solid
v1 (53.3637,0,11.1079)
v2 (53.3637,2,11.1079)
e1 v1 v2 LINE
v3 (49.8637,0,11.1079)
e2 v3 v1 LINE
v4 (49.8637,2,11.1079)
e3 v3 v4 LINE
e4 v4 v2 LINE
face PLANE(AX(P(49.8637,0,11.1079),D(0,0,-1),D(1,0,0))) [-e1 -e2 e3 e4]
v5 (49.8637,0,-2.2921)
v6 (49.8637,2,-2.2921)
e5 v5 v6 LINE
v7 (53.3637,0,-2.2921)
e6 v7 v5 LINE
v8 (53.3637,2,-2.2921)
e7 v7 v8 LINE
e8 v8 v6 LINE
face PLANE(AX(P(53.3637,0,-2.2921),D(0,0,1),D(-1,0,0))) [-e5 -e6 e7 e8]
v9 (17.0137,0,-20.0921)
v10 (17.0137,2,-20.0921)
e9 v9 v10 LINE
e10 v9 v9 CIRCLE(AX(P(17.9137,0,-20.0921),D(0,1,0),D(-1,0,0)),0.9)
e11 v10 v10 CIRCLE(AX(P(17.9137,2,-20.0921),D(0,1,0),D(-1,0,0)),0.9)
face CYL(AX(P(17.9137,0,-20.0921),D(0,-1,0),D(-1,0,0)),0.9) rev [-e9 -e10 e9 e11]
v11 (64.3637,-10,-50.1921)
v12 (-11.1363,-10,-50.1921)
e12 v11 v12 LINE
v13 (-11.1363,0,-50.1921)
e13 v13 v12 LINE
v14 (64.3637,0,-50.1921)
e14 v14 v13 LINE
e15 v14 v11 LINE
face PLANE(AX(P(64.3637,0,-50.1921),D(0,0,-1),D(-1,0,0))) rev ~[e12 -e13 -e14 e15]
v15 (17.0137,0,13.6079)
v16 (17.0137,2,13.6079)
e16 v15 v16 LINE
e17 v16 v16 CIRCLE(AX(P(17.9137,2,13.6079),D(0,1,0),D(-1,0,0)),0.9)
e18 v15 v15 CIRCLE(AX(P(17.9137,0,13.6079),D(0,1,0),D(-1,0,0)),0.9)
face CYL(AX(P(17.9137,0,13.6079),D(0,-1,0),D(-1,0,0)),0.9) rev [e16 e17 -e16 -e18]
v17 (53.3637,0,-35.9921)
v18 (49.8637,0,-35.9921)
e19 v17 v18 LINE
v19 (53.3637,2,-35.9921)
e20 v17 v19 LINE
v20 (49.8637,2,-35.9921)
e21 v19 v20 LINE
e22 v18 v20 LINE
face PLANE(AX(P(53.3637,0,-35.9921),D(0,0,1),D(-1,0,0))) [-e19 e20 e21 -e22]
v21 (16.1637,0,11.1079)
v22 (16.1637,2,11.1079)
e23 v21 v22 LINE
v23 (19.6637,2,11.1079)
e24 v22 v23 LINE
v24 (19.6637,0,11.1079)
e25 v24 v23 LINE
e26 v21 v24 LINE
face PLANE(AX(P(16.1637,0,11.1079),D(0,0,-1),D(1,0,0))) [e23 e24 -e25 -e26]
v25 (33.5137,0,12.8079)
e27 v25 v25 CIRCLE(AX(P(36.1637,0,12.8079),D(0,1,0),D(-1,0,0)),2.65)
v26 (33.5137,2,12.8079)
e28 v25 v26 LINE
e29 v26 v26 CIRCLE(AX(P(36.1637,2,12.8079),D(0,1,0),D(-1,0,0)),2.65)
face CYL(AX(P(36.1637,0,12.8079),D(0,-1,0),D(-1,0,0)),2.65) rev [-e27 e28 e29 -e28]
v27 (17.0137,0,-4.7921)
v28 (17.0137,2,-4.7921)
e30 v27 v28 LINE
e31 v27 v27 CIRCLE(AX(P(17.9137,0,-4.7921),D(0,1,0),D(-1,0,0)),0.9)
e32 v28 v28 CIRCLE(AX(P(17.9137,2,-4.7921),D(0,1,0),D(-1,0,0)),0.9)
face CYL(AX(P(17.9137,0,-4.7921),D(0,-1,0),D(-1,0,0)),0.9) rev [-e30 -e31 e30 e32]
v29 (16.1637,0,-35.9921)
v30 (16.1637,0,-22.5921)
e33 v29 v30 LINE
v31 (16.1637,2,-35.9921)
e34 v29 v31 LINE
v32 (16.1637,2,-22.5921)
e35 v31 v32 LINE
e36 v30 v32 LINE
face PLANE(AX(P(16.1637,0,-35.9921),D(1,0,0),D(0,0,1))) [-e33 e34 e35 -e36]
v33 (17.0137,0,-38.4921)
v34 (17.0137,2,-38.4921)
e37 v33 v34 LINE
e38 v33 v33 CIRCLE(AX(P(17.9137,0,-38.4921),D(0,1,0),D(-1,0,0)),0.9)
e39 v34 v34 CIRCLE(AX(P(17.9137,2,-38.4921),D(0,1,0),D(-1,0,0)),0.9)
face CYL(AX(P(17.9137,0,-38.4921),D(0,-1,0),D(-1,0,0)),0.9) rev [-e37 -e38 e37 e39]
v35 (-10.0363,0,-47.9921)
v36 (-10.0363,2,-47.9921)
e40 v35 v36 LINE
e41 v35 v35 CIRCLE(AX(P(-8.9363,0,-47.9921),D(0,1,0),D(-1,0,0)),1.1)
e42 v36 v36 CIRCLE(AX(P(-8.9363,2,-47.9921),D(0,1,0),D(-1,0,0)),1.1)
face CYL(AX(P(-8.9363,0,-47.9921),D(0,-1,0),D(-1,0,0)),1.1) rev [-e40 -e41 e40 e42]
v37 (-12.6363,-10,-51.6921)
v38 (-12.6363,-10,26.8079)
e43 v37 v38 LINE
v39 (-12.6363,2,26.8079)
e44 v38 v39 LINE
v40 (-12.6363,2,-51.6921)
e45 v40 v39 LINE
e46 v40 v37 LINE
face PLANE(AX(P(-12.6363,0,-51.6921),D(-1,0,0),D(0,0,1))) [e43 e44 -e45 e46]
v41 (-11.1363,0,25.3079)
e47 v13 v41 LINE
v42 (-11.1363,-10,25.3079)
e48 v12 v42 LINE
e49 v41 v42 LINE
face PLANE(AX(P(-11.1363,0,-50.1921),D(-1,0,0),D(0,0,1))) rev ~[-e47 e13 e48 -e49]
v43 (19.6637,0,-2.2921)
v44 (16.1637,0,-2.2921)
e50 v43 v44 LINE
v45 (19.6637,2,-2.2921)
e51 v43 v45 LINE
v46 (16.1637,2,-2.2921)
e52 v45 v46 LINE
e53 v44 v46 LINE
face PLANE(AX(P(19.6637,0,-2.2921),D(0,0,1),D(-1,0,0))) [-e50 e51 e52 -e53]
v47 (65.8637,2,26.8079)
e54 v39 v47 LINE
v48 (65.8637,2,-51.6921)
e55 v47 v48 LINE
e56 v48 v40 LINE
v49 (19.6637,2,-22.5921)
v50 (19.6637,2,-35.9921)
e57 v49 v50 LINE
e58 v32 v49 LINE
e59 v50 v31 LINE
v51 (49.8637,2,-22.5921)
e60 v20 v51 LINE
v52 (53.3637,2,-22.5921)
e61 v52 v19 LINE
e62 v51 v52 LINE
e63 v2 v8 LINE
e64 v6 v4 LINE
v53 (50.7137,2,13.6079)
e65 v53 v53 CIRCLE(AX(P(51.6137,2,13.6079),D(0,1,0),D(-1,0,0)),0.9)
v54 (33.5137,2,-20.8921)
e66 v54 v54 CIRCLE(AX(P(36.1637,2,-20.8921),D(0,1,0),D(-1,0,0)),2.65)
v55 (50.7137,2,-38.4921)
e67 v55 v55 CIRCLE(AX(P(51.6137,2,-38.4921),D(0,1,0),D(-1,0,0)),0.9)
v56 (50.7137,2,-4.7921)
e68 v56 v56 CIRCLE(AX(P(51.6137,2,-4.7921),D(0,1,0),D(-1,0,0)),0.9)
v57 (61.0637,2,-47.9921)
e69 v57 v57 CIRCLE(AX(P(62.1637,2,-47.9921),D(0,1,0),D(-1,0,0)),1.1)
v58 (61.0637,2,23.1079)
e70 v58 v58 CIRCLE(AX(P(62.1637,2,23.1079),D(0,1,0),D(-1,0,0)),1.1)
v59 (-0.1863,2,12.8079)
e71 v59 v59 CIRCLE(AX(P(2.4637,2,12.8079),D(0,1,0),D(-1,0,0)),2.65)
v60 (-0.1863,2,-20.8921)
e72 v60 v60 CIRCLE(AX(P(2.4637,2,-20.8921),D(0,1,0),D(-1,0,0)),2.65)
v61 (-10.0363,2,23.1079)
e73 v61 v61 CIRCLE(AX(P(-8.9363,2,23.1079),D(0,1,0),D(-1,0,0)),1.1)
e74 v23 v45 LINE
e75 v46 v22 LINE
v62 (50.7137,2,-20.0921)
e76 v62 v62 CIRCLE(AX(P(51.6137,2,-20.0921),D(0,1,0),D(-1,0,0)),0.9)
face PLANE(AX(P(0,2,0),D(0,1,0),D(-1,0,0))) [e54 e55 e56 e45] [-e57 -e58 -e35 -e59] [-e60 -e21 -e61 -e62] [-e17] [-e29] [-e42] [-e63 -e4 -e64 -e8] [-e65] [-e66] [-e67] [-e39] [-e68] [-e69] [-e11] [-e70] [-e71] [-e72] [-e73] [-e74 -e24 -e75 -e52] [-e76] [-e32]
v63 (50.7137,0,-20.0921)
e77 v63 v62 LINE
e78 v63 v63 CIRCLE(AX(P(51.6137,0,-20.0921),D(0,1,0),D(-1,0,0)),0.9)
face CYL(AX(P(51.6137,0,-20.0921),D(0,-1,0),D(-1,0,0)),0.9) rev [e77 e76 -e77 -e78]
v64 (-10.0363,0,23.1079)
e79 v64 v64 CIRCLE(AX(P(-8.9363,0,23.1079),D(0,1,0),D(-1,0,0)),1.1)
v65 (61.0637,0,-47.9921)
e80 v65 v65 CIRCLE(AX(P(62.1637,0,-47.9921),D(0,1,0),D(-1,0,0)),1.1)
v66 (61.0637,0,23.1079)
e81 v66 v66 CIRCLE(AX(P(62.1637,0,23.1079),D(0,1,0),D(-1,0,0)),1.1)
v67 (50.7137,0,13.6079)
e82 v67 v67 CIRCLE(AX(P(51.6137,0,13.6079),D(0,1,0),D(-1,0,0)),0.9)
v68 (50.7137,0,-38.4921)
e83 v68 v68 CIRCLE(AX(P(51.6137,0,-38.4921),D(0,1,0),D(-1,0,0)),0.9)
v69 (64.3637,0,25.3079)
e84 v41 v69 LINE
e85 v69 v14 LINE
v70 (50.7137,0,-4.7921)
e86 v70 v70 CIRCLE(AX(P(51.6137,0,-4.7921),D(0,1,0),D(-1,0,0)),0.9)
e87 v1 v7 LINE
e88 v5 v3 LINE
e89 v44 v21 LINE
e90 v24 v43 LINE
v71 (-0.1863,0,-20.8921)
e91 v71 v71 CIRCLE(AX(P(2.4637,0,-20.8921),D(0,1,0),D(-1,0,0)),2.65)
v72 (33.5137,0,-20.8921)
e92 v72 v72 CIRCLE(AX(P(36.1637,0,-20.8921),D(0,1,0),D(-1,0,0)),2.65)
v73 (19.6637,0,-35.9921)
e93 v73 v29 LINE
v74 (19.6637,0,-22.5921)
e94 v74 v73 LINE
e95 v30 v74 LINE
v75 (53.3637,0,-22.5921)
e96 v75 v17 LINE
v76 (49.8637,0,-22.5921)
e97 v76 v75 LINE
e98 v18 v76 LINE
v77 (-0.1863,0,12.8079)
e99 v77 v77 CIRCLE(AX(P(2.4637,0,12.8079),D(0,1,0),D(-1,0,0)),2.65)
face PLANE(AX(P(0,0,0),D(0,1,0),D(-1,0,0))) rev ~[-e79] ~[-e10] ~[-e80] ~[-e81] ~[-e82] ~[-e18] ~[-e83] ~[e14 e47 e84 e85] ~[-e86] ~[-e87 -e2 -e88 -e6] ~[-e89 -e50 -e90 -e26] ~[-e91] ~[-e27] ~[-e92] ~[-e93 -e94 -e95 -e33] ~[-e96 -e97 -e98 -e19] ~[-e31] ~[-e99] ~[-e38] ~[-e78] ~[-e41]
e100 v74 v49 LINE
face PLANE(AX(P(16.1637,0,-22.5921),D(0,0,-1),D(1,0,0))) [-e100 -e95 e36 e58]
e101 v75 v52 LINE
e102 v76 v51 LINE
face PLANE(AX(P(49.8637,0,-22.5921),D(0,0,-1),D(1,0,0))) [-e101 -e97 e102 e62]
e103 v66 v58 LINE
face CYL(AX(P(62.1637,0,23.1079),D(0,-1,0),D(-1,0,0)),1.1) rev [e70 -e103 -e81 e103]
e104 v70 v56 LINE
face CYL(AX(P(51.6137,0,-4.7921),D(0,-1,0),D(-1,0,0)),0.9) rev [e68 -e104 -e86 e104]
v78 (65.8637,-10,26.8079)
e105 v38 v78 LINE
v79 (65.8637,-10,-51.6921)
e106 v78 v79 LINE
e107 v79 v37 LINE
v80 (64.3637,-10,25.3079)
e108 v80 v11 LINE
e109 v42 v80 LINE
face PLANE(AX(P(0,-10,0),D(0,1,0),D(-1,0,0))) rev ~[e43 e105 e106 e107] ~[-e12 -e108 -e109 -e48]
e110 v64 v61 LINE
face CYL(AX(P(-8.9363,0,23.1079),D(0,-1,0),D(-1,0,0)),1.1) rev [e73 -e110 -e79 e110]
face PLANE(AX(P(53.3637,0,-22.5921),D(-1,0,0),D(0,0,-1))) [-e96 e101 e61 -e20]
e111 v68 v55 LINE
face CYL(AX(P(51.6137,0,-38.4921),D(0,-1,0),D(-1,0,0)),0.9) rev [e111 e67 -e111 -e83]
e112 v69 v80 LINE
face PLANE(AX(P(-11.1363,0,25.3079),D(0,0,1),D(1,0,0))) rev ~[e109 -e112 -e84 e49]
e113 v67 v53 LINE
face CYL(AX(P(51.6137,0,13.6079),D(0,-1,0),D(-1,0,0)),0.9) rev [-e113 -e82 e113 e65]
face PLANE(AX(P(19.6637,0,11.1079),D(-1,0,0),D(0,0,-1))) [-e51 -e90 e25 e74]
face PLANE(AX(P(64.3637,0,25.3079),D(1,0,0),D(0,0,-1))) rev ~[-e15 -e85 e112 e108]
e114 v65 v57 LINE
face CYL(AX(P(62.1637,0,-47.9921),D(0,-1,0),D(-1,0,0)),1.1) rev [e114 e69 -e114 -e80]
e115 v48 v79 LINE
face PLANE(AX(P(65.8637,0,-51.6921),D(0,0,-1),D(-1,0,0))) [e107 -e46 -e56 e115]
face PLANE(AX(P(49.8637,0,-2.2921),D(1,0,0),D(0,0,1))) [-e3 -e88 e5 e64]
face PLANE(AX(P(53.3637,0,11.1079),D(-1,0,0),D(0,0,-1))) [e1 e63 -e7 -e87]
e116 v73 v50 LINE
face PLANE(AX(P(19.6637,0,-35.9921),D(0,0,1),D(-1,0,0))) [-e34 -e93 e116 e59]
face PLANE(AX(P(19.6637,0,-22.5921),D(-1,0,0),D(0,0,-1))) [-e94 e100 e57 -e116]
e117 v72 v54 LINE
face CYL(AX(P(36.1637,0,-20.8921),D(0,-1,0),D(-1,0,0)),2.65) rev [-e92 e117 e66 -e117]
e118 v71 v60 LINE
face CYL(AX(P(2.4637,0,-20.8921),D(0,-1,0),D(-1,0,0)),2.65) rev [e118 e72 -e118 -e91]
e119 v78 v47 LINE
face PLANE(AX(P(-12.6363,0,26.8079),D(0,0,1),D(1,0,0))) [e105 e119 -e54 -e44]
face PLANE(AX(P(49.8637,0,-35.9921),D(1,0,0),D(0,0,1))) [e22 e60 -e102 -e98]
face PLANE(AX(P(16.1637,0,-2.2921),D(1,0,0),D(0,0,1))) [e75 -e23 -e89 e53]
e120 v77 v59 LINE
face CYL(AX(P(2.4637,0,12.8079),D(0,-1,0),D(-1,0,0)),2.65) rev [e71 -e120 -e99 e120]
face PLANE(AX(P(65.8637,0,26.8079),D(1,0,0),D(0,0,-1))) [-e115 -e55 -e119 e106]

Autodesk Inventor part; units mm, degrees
ref_plane "YZ Plane" through (0, 0, 0) normal (1, 0, 0) x (0, 1, 0)
ref_plane "XZ Plane" through (0, 0, 0) normal (0, 1, 0) x (-1, 0, 0)
ref_plane "XY Plane" through (0, 0, 0) normal (0, 0, 1) x (1, 0, 0)
sketch "Sketch1" plane through (0, 0, 0) normal (0, 1, 0) x (-1, 0, 0)
  line L0 (11.1363, 25.3079) -> (-64.3637, 25.3079)
  line L1 (-64.3637, 25.3079) -> (-64.3637, -50.1921)
  line L2 (-64.3637, -50.1921) -> (11.1363, -50.1921)
  line L3 (11.1363, -50.1921) -> (11.1363, 25.3079)
  circle A0 centre (8.9363, 23.1079) radius 1.1
  circle A1 centre (-62.1637, 23.1079) radius 1.1
  circle A2 centre (-62.1637, -47.9921) radius 1.1
  circle A3 centre (8.9363, -47.9921) radius 1.1
  line L4 (8.9363, 23.1079) -> (11.1363, 23.1079) construction
  line L5 (8.9363, 23.1079) -> (8.9363, 25.3079) construction
  line L6 (-62.1637, 25.3079) -> (-62.1637, 23.1079) construction
  line L7 (-62.1637, 23.1079) -> (-64.3637, 23.1079) construction
  line L8 (8.9363, -47.9921) -> (11.1363, -47.9921) construction
  line L9 (8.9363, -47.9921) -> (8.9363, -50.1921) construction
  line L10 (-62.1637, -47.9921) -> (-64.3637, -47.9921) construction
  line L11 (-62.1637, -47.9921) -> (-62.1637, -50.1921) construction
  line L12 (3.0363, 17.2079) -> (-22.5637, 17.2079) construction
  line L13 (-22.5637, 17.2079) -> (-22.5637, -8.3921) construction
  line L14 (-22.5637, -8.3921) -> (3.0363, -8.3921) construction
  line L15 (3.0363, -8.3921) -> (3.0363, 17.2079) construction
  circle A4 centre (-2.4637, 12.8079) radius 2.65
  line L16 (12.6363, 26.8079) -> (-65.8637, 26.8079)
  line L17 (-65.8637, 26.8079) -> (-65.8637, -51.6921)
  line L18 (-65.8637, -51.6921) -> (12.6363, -51.6921)
  line L19 (12.6363, -51.6921) -> (12.6363, 26.8079)
  line L20 (-26.6137, 25.3079) -> (-26.6137, 26.8079) construction
  line L21 (12.6363, -12.4421) -> (11.1363, -12.4421) construction
  line L22 (-16.1637, 11.1079) -> (-19.6637, 11.1079)
  line L23 (-19.6637, 11.1079) -> (-19.6637, -2.2921)
  line L24 (-19.6637, -2.2921) -> (-16.1637, -2.2921)
  line L25 (-16.1637, -2.2921) -> (-16.1637, 11.1079)
  circle A5 centre (-17.9137, -4.7921) radius 0.9
  circle A6 centre (-17.9137, 13.6079) radius 0.9
  line L26 (-17.9137, -4.7921) -> (-17.9137, -2.2921) construction
  line L27 (-17.9137, 13.6079) -> (-17.9137, 11.1079) construction
  line L28 (-17.9137, 13.6079) -> (-17.9137, 17.2079) construction
  line L29 (-17.9137, -4.7921) -> (-17.9137, -8.3921) construction
  line L30 (6.9363, 25.3079) -> (6.9363, 21.1079) construction
  line L31 (6.9363, 21.1079) -> (11.1363, 21.1079) construction
  line L32 (3.0363, -16.4921) -> (-22.5637, -16.4921) construction
  line L33 (-22.5637, -16.4921) -> (-22.5637, -42.0921) construction
  line L34 (-22.5637, -42.0921) -> (3.0363, -42.0921) construction
  line L35 (3.0363, -42.0921) -> (3.0363, -16.4921) construction
  circle A7 centre (-2.4637, -20.8921) radius 2.65
  line L36 (-16.1637, -22.5921) -> (-19.6637, -22.5921)
  line L37 (-19.6637, -22.5921) -> (-19.6637, -35.9921)
  line L38 (-19.6637, -35.9921) -> (-16.1637, -35.9921)
  line L39 (-16.1637, -35.9921) -> (-16.1637, -22.5921)
  circle A8 centre (-17.9137, -38.4921) radius 0.9
  circle A9 centre (-17.9137, -20.0921) radius 0.9
  line L40 (-17.9137, -38.4921) -> (-17.9137, -35.9921) construction
  line L41 (-17.9137, -20.0921) -> (-17.9137, -22.5921) construction
  line L42 (-17.9137, -20.0921) -> (-17.9137, -16.4921) construction
  line L43 (-17.9137, -38.4921) -> (-17.9137, -42.0921) construction
  line L44 (-30.6637, 17.2079) -> (-56.2637, 17.2079) construction
  line L45 (-56.2637, 17.2079) -> (-56.2637, -8.3921) construction
  line L46 (-56.2637, -8.3921) -> (-30.6637, -8.3921) construction
  line L47 (-30.6637, -8.3921) -> (-30.6637, 17.2079) construction
  circle A10 centre (-36.1637, 12.8079) radius 2.65
  line L48 (-49.8637, 11.1079) -> (-53.3637, 11.1079)
  line L49 (-53.3637, 11.1079) -> (-53.3637, -2.2921)
  line L50 (-53.3637, -2.2921) -> (-49.8637, -2.2921)
  line L51 (-49.8637, -2.2921) -> (-49.8637, 11.1079)
  circle A11 centre (-51.6137, -4.7921) radius 0.9
  circle A12 centre (-51.6137, 13.6079) radius 0.9
  line L52 (-51.6137, -4.7921) -> (-51.6137, -2.2921) construction
  line L53 (-51.6137, 13.6079) -> (-51.6137, 11.1079) construction
  line L54 (-51.6137, 13.6079) -> (-51.6137, 17.2079) construction
  line L55 (-51.6137, -4.7921) -> (-51.6137, -8.3921) construction
  line L56 (-30.6637, -16.4921) -> (-56.2637, -16.4921) construction
  line L57 (-56.2637, -16.4921) -> (-56.2637, -42.0921) construction
  line L58 (-56.2637, -42.0921) -> (-30.6637, -42.0921) construction
  line L59 (-30.6637, -42.0921) -> (-30.6637, -16.4921) construction
  circle A13 centre (-36.1637, -20.8921) radius 2.65
  line L60 (-49.8637, -22.5921) -> (-53.3637, -22.5921)
  line L61 (-53.3637, -22.5921) -> (-53.3637, -35.9921)
  line L62 (-53.3637, -35.9921) -> (-49.8637, -35.9921)
  line L63 (-49.8637, -35.9921) -> (-49.8637, -22.5921)
  circle A14 centre (-51.6137, -38.4921) radius 0.9
  circle A15 centre (-51.6137, -20.0921) radius 0.9
  line L64 (-51.6137, -38.4921) -> (-51.6137, -35.9921) construction
  line L65 (-51.6137, -20.0921) -> (-51.6137, -22.5921) construction
  line L66 (-51.6137, -20.0921) -> (-51.6137, -16.4921) construction
  line L67 (-51.6137, -38.4921) -> (-51.6137, -42.0921) construction
  line L68 (-56.2637, 17.2079) -> (-64.3637, 17.2079) construction
  line L69 (3.0363, 17.2079) -> (11.1363, 17.2079) construction
  line L70 (-30.6637, 17.2079) -> (-30.6637, 25.3079) construction
  line L71 (-30.6637, -42.0921) -> (-30.6637, -50.1921) construction
  dimension "d48" = 75.5
  dimension "d49" = 2.2
  dimension "d51" = 2.2
  dimension "d54" = 5.3
  dimension "d55" = 4.4
  dimension "d56" = 5.5
  dimension "d57" = 1.5
  dimension "d58" = 1.8
  dimension "d59" = 2.5
  dimension "d60" = 13.4
  dimension "d61" = 3.5
  dimension "d62" = 2.9
  dimension "d64" = 4.2
  dimension "d67" = 33.7
  dimension "d70" = 33.7
  dimension "d73" = 25.6
  dimension "d74" = 25.6
extrude "Edges" add sketch "Sketch1" against normal blind 10 contours L19 L18 L17 L16
extrude "Surface" add sketch "Sketch1" along normal blind 2 contours L3 L2 L1 L0 | L19 L18 L17 L16
properties part number "CameraBoardCover2" material "NylonD2W"
